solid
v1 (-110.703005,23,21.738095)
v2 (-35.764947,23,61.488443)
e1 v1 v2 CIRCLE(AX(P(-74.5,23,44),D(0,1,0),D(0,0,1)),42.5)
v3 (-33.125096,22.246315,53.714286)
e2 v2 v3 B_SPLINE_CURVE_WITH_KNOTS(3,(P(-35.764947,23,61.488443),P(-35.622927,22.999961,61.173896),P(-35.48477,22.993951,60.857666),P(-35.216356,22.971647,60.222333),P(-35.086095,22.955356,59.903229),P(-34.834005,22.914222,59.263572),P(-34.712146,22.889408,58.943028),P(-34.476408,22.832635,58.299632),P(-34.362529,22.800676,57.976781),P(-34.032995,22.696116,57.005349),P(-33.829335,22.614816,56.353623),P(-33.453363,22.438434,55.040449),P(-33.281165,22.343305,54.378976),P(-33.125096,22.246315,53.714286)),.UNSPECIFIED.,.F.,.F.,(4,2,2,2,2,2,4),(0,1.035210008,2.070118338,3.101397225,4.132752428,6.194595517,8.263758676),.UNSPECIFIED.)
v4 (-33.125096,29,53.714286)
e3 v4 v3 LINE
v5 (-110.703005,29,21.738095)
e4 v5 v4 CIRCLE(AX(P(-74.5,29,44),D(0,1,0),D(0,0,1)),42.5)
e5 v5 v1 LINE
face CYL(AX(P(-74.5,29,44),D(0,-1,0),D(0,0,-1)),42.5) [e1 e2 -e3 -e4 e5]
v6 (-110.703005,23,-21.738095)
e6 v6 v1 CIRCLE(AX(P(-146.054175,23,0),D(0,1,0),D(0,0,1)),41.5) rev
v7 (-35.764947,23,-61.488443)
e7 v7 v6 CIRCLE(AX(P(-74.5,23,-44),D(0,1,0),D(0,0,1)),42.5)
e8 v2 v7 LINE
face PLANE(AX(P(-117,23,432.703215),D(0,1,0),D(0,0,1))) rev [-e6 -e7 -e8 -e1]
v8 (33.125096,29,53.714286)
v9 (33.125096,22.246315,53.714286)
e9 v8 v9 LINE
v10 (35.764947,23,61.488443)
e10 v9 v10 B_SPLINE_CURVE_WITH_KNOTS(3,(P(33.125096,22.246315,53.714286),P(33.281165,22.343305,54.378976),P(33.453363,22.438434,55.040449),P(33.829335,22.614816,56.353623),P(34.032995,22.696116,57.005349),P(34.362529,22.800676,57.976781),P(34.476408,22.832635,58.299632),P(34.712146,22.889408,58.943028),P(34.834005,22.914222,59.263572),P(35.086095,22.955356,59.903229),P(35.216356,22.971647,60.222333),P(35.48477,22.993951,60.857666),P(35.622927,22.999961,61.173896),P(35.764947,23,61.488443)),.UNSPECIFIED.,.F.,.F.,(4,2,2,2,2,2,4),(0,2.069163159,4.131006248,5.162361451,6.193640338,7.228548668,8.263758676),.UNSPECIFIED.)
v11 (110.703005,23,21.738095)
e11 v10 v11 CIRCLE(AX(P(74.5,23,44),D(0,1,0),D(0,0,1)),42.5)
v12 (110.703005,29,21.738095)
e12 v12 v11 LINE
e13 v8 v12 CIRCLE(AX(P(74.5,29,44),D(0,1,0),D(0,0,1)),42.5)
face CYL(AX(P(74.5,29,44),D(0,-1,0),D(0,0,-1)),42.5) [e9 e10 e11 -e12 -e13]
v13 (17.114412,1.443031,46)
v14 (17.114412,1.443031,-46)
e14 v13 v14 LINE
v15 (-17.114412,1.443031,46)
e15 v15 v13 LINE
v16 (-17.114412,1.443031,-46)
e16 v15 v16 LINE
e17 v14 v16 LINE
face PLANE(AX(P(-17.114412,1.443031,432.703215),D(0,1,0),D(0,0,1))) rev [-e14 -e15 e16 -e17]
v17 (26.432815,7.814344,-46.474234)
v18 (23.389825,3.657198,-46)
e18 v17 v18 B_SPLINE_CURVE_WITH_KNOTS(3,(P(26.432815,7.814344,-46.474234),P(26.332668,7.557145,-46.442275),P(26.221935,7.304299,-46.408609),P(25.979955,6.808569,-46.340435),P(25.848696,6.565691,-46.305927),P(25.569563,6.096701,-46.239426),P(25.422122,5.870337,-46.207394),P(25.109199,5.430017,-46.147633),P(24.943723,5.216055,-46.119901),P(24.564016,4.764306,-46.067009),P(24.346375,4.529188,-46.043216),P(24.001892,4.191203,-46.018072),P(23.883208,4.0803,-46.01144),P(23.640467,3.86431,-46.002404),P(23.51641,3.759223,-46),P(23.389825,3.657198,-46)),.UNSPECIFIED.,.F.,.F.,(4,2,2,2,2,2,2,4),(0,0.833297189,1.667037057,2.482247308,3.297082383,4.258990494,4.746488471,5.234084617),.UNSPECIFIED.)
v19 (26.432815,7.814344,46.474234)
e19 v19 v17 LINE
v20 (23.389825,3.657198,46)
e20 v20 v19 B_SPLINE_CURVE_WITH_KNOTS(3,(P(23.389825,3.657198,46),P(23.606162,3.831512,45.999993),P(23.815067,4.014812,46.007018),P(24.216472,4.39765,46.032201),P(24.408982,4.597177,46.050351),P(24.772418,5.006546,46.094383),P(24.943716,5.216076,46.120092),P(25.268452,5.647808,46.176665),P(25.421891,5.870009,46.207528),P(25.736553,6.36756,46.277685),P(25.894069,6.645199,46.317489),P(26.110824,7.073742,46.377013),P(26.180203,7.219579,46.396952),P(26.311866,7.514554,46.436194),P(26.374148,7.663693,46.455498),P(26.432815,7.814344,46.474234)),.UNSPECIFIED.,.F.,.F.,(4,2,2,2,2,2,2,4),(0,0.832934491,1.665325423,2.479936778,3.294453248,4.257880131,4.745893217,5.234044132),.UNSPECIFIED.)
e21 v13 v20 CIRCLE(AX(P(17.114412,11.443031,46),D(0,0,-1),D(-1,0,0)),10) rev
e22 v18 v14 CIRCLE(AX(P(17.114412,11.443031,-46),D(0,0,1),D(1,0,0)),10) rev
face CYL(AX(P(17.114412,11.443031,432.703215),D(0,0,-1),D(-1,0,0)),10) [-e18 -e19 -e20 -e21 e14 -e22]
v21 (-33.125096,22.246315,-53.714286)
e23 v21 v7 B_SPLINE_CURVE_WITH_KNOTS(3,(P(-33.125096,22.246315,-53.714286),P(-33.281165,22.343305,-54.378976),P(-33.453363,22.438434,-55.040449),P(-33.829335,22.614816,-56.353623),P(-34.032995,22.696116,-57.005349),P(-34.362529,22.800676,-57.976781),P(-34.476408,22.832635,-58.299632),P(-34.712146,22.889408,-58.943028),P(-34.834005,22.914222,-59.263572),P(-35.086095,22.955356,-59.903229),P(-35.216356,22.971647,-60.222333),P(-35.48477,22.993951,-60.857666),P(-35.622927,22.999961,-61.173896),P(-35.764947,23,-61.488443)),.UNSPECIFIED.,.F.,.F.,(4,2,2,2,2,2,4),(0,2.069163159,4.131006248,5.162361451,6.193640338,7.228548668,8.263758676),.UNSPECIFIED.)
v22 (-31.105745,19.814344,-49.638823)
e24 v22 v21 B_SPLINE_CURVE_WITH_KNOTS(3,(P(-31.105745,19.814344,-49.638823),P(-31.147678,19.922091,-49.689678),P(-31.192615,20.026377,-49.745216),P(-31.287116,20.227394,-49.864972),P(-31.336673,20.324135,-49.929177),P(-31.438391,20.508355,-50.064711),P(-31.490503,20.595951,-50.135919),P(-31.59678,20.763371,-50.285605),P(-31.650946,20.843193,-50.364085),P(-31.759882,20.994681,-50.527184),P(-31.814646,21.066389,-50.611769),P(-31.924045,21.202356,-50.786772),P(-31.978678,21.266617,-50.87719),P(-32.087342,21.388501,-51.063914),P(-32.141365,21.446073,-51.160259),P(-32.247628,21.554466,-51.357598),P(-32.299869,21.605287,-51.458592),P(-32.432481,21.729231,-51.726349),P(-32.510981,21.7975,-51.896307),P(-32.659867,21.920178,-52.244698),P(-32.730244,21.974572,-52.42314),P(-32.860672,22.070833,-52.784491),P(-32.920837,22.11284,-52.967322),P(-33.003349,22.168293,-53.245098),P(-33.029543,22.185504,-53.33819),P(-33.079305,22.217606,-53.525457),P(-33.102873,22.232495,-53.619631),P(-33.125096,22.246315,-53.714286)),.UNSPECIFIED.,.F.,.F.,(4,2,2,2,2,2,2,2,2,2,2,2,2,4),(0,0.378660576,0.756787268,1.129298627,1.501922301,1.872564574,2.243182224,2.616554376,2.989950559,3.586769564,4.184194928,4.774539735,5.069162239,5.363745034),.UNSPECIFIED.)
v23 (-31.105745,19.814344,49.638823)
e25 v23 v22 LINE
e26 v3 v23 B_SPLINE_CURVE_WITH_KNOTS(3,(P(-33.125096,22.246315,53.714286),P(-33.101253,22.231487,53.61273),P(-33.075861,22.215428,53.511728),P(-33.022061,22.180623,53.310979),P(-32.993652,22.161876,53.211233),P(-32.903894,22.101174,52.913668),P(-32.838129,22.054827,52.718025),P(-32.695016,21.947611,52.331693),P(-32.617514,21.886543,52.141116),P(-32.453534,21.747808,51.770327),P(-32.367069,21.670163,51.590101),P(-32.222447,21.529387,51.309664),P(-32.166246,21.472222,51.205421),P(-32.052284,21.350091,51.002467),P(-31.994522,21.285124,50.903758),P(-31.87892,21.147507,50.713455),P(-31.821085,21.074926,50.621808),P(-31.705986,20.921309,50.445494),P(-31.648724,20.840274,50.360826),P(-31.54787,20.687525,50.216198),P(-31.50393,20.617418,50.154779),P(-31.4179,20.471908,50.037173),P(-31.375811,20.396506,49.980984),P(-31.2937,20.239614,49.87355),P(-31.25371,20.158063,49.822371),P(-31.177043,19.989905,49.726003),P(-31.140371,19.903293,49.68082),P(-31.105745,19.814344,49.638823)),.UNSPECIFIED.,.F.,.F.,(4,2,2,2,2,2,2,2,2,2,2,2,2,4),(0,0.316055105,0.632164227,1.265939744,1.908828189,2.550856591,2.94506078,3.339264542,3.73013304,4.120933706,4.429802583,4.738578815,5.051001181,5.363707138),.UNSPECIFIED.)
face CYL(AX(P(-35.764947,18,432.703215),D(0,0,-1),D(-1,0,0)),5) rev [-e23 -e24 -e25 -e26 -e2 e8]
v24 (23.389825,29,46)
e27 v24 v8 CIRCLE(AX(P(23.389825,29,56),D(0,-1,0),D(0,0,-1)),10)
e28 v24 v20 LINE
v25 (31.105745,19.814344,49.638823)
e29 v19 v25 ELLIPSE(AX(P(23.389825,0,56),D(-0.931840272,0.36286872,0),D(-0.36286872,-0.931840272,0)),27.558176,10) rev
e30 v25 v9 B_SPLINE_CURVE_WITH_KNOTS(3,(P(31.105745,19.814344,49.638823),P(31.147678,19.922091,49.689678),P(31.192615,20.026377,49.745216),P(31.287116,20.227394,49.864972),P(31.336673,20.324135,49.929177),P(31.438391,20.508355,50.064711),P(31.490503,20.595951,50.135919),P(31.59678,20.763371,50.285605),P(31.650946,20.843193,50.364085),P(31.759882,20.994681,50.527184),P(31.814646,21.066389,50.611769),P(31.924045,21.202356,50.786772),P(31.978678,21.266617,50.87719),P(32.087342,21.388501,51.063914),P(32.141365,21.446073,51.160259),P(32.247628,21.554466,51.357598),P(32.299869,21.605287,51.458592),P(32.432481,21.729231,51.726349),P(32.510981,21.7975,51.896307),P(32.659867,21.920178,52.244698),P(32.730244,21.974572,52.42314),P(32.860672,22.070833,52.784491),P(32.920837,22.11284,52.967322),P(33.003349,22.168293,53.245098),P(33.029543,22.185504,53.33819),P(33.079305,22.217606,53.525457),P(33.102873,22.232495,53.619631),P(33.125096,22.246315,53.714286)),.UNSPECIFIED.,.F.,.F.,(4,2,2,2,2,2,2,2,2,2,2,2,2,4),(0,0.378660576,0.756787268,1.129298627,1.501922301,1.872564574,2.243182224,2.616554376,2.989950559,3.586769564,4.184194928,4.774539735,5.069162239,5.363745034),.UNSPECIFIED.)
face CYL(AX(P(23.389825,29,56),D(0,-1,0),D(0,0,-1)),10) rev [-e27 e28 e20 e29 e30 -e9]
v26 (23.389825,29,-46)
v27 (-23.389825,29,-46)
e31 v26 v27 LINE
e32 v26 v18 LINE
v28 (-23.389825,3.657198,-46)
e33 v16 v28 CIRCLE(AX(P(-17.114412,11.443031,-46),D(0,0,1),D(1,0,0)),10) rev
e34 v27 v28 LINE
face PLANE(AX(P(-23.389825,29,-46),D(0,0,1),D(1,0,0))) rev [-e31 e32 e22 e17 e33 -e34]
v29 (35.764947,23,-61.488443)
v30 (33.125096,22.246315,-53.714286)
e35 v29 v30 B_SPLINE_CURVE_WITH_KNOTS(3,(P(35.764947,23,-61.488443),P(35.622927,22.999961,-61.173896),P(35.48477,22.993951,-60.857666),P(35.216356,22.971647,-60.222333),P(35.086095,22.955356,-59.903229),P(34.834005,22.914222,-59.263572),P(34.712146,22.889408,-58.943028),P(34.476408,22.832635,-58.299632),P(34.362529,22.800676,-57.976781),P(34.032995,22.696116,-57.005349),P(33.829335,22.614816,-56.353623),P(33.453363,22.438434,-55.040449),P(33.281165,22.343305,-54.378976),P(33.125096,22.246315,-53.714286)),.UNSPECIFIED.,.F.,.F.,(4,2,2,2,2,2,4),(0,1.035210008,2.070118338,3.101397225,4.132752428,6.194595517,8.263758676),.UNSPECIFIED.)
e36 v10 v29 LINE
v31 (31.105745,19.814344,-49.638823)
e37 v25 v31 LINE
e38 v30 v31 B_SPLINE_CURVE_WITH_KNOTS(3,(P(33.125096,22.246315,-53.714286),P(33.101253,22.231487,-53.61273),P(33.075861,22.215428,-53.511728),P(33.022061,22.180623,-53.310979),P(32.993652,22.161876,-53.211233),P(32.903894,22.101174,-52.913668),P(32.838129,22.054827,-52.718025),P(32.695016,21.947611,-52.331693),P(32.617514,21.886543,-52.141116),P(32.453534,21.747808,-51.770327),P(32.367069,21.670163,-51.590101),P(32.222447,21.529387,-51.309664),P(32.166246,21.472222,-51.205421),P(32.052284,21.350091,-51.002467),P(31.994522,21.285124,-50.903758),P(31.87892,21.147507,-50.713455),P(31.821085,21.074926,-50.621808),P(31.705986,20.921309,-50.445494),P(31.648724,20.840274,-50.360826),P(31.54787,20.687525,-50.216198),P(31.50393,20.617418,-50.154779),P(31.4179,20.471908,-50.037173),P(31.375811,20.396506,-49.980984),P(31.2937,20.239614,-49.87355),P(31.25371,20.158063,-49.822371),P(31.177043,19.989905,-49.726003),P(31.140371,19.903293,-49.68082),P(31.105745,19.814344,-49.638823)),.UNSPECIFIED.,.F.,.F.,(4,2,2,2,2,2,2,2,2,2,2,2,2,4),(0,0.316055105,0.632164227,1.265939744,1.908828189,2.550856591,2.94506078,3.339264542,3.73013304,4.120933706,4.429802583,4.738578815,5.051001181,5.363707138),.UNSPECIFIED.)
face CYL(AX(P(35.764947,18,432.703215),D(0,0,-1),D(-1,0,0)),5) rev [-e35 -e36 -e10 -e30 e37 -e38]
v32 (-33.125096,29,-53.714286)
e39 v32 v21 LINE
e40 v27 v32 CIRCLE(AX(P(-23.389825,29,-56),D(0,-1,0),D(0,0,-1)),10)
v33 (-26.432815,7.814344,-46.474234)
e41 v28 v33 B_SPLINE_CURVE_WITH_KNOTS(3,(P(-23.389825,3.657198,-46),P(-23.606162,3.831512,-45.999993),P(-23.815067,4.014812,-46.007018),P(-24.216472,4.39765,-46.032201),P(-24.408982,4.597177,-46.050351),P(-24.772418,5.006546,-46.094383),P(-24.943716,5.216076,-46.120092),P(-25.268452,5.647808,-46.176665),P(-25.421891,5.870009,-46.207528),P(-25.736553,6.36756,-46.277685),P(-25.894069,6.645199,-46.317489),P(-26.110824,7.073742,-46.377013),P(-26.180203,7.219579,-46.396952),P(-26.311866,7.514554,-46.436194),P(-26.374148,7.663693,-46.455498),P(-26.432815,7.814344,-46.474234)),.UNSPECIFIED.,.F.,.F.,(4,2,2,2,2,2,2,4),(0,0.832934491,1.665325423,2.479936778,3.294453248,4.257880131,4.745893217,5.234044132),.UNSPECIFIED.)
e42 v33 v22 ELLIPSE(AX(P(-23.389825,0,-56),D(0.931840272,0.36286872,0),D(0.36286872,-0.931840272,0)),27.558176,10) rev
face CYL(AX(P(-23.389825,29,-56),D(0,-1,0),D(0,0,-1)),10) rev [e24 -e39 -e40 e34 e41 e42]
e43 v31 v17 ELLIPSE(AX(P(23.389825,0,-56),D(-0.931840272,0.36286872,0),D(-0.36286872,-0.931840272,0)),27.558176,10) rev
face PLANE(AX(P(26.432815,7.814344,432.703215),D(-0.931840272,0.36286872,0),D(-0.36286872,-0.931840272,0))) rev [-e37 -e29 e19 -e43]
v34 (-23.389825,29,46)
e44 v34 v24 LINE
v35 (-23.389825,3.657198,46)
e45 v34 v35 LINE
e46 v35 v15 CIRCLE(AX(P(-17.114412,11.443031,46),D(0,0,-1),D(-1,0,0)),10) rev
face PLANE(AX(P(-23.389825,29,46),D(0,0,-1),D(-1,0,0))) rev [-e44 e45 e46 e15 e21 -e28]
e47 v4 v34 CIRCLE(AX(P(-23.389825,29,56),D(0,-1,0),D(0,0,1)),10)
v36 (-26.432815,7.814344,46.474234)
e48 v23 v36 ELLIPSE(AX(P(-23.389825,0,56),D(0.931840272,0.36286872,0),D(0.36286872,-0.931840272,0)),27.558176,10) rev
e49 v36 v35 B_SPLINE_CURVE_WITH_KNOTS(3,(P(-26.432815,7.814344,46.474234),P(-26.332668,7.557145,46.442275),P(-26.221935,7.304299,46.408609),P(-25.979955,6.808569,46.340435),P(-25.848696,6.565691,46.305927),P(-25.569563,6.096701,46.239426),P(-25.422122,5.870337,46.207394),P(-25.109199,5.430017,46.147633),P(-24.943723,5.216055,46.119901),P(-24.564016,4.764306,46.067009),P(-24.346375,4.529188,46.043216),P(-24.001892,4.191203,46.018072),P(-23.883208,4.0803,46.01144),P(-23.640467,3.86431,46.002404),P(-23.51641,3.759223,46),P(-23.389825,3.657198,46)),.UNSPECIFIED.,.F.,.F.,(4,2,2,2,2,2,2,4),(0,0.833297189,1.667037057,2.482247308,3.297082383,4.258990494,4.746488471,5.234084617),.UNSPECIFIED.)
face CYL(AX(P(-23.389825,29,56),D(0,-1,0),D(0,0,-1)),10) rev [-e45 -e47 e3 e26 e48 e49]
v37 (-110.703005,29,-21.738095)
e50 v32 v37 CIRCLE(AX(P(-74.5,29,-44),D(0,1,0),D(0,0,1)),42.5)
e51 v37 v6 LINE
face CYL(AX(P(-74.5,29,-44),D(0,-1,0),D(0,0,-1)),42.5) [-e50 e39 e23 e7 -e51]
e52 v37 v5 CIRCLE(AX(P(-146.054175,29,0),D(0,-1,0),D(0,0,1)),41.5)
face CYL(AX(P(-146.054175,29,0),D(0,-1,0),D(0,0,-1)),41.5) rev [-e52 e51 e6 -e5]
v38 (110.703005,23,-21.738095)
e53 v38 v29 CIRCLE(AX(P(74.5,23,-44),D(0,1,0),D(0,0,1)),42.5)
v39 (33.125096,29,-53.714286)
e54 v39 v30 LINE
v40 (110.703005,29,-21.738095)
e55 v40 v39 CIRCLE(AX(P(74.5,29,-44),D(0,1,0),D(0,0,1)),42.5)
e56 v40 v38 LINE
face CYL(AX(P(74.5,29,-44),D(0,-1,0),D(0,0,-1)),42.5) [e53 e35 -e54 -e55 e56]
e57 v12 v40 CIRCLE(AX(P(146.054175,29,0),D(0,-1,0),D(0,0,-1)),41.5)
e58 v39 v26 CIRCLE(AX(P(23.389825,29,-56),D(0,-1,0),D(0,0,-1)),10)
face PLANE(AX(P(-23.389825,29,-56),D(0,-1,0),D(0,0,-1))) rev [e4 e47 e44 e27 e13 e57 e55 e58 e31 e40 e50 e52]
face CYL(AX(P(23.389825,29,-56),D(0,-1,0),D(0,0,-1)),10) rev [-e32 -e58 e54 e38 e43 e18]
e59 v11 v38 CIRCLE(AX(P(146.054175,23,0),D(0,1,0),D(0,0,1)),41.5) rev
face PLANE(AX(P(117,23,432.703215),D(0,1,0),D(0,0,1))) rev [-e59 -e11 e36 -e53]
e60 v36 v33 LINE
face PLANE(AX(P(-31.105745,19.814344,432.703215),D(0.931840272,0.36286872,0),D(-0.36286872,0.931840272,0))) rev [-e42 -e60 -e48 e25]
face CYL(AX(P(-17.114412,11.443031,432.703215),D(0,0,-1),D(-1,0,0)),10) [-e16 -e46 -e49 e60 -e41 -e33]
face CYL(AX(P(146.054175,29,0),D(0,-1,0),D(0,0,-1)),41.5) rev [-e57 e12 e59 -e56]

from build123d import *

# Parameters (mm, degrees)
BOSS_EXTRUDE1_DEPTH     = 29
CUT_EXTRUDE3_DEPTH      = 149.365258737
CUT_EXTRUDE3_DEPTH_BACK = 149.365258737


with BuildPart() as part:
    # Sketch2 → Boss-Extrude1 (new body)
    with BuildSketch(Plane(origin=(0, 0, 0), x_dir=(1, 0, 0), z_dir=(0, 1, 0))):
        with BuildLine():
            Line((-23.389824888, -46), (23.389824888, -46))
            ThreePointArc((23.389824888, -46), (29.600414922, -48.162361872), (33.125096338, -53.714285714))
            ThreePointArc((33.125096338, -53.714285714), (90.695873622, -83.293048719), (110.70300535, -21.738095238))
            ThreePointArc((110.70300535, -21.738095238), (104.55417528, 0), (110.70300535, 21.738095238))
            ThreePointArc((110.70300535, 21.738095238), (90.695873622, 83.293048719), (33.125096338, 53.714285714))
            ThreePointArc((33.125096338, 53.714285714), (29.600414922, 48.162361872), (23.389824888, 46))
            Line((23.389824888, 46), (-23.389824888, 46))
            ThreePointArc((-23.389824888, 46), (-29.600414922, 48.162361872), (-33.125096338, 53.714285714))
            ThreePointArc((-33.125096338, 53.714285714), (-90.695873622, 83.293048719), (-110.70300535, 21.738095238))
            ThreePointArc((-110.70300535, 21.738095238), (-104.55417528, 0), (-110.70300535, -21.738095238))
            ThreePointArc((-110.70300535, -21.738095238), (-90.695873622, -83.293048719), (-33.125096338, -53.714285714))
            ThreePointArc((-33.125096338, -53.714285714), (-29.600414922, -48.162361872), (-23.389824888, -46))
        make_face()
    extrude(amount=BOSS_EXTRUDE1_DEPTH)

    # Sketch4 → Cut-Extrude3 (cut, two sides: drawn at the far end of the back side and taken through both)
    with BuildSketch(Plane.XY.offset(-CUT_EXTRUDE3_DEPTH_BACK)):
        with BuildLine():
            Line((-597.255249838, 23), (-117, 23))
            Line((-117, 23), (-35.764946788, 23))
            ThreePointArc((-35.764946788, 23), (-32.942865818, 22.127451877), (-31.105745429, 19.814343599))
            Line((-31.105745429, 19.814343599), (-26.432815133, 7.814343599))
            ThreePointArc((-26.432815133, 7.814343599), (-22.758574356, 3.188127043), (-17.114412415, 1.443030797))
            Line((-17.114412415, 1.443030797), (17.114412415, 1.443030797))
            ThreePointArc((17.114412415, 1.443030797), (22.758574356, 3.188127043), (26.432815133, 7.814343599))
            Line((26.432815133, 7.814343599), (31.105745429, 19.814343599))
            ThreePointArc((31.105745429, 19.814343599), (32.942865818, 22.127451877), (35.764946788, 23))
            Line((35.764946788, 23), (117, 23))
            Line((117, 23), (597.255249838, 23))
            Line((597.255249838, 23), (597.255249838, -937.510499676))
            Line((597.255249838, -937.510499676), (-597.255249838, -937.510499676))
            Line((-597.255249838, -937.510499676), (-597.255249838, 23))
        make_face()
    extrude(amount=CUT_EXTRUDE3_DEPTH + CUT_EXTRUDE3_DEPTH_BACK, mode=Mode.SUBTRACT)


solid = part.part
